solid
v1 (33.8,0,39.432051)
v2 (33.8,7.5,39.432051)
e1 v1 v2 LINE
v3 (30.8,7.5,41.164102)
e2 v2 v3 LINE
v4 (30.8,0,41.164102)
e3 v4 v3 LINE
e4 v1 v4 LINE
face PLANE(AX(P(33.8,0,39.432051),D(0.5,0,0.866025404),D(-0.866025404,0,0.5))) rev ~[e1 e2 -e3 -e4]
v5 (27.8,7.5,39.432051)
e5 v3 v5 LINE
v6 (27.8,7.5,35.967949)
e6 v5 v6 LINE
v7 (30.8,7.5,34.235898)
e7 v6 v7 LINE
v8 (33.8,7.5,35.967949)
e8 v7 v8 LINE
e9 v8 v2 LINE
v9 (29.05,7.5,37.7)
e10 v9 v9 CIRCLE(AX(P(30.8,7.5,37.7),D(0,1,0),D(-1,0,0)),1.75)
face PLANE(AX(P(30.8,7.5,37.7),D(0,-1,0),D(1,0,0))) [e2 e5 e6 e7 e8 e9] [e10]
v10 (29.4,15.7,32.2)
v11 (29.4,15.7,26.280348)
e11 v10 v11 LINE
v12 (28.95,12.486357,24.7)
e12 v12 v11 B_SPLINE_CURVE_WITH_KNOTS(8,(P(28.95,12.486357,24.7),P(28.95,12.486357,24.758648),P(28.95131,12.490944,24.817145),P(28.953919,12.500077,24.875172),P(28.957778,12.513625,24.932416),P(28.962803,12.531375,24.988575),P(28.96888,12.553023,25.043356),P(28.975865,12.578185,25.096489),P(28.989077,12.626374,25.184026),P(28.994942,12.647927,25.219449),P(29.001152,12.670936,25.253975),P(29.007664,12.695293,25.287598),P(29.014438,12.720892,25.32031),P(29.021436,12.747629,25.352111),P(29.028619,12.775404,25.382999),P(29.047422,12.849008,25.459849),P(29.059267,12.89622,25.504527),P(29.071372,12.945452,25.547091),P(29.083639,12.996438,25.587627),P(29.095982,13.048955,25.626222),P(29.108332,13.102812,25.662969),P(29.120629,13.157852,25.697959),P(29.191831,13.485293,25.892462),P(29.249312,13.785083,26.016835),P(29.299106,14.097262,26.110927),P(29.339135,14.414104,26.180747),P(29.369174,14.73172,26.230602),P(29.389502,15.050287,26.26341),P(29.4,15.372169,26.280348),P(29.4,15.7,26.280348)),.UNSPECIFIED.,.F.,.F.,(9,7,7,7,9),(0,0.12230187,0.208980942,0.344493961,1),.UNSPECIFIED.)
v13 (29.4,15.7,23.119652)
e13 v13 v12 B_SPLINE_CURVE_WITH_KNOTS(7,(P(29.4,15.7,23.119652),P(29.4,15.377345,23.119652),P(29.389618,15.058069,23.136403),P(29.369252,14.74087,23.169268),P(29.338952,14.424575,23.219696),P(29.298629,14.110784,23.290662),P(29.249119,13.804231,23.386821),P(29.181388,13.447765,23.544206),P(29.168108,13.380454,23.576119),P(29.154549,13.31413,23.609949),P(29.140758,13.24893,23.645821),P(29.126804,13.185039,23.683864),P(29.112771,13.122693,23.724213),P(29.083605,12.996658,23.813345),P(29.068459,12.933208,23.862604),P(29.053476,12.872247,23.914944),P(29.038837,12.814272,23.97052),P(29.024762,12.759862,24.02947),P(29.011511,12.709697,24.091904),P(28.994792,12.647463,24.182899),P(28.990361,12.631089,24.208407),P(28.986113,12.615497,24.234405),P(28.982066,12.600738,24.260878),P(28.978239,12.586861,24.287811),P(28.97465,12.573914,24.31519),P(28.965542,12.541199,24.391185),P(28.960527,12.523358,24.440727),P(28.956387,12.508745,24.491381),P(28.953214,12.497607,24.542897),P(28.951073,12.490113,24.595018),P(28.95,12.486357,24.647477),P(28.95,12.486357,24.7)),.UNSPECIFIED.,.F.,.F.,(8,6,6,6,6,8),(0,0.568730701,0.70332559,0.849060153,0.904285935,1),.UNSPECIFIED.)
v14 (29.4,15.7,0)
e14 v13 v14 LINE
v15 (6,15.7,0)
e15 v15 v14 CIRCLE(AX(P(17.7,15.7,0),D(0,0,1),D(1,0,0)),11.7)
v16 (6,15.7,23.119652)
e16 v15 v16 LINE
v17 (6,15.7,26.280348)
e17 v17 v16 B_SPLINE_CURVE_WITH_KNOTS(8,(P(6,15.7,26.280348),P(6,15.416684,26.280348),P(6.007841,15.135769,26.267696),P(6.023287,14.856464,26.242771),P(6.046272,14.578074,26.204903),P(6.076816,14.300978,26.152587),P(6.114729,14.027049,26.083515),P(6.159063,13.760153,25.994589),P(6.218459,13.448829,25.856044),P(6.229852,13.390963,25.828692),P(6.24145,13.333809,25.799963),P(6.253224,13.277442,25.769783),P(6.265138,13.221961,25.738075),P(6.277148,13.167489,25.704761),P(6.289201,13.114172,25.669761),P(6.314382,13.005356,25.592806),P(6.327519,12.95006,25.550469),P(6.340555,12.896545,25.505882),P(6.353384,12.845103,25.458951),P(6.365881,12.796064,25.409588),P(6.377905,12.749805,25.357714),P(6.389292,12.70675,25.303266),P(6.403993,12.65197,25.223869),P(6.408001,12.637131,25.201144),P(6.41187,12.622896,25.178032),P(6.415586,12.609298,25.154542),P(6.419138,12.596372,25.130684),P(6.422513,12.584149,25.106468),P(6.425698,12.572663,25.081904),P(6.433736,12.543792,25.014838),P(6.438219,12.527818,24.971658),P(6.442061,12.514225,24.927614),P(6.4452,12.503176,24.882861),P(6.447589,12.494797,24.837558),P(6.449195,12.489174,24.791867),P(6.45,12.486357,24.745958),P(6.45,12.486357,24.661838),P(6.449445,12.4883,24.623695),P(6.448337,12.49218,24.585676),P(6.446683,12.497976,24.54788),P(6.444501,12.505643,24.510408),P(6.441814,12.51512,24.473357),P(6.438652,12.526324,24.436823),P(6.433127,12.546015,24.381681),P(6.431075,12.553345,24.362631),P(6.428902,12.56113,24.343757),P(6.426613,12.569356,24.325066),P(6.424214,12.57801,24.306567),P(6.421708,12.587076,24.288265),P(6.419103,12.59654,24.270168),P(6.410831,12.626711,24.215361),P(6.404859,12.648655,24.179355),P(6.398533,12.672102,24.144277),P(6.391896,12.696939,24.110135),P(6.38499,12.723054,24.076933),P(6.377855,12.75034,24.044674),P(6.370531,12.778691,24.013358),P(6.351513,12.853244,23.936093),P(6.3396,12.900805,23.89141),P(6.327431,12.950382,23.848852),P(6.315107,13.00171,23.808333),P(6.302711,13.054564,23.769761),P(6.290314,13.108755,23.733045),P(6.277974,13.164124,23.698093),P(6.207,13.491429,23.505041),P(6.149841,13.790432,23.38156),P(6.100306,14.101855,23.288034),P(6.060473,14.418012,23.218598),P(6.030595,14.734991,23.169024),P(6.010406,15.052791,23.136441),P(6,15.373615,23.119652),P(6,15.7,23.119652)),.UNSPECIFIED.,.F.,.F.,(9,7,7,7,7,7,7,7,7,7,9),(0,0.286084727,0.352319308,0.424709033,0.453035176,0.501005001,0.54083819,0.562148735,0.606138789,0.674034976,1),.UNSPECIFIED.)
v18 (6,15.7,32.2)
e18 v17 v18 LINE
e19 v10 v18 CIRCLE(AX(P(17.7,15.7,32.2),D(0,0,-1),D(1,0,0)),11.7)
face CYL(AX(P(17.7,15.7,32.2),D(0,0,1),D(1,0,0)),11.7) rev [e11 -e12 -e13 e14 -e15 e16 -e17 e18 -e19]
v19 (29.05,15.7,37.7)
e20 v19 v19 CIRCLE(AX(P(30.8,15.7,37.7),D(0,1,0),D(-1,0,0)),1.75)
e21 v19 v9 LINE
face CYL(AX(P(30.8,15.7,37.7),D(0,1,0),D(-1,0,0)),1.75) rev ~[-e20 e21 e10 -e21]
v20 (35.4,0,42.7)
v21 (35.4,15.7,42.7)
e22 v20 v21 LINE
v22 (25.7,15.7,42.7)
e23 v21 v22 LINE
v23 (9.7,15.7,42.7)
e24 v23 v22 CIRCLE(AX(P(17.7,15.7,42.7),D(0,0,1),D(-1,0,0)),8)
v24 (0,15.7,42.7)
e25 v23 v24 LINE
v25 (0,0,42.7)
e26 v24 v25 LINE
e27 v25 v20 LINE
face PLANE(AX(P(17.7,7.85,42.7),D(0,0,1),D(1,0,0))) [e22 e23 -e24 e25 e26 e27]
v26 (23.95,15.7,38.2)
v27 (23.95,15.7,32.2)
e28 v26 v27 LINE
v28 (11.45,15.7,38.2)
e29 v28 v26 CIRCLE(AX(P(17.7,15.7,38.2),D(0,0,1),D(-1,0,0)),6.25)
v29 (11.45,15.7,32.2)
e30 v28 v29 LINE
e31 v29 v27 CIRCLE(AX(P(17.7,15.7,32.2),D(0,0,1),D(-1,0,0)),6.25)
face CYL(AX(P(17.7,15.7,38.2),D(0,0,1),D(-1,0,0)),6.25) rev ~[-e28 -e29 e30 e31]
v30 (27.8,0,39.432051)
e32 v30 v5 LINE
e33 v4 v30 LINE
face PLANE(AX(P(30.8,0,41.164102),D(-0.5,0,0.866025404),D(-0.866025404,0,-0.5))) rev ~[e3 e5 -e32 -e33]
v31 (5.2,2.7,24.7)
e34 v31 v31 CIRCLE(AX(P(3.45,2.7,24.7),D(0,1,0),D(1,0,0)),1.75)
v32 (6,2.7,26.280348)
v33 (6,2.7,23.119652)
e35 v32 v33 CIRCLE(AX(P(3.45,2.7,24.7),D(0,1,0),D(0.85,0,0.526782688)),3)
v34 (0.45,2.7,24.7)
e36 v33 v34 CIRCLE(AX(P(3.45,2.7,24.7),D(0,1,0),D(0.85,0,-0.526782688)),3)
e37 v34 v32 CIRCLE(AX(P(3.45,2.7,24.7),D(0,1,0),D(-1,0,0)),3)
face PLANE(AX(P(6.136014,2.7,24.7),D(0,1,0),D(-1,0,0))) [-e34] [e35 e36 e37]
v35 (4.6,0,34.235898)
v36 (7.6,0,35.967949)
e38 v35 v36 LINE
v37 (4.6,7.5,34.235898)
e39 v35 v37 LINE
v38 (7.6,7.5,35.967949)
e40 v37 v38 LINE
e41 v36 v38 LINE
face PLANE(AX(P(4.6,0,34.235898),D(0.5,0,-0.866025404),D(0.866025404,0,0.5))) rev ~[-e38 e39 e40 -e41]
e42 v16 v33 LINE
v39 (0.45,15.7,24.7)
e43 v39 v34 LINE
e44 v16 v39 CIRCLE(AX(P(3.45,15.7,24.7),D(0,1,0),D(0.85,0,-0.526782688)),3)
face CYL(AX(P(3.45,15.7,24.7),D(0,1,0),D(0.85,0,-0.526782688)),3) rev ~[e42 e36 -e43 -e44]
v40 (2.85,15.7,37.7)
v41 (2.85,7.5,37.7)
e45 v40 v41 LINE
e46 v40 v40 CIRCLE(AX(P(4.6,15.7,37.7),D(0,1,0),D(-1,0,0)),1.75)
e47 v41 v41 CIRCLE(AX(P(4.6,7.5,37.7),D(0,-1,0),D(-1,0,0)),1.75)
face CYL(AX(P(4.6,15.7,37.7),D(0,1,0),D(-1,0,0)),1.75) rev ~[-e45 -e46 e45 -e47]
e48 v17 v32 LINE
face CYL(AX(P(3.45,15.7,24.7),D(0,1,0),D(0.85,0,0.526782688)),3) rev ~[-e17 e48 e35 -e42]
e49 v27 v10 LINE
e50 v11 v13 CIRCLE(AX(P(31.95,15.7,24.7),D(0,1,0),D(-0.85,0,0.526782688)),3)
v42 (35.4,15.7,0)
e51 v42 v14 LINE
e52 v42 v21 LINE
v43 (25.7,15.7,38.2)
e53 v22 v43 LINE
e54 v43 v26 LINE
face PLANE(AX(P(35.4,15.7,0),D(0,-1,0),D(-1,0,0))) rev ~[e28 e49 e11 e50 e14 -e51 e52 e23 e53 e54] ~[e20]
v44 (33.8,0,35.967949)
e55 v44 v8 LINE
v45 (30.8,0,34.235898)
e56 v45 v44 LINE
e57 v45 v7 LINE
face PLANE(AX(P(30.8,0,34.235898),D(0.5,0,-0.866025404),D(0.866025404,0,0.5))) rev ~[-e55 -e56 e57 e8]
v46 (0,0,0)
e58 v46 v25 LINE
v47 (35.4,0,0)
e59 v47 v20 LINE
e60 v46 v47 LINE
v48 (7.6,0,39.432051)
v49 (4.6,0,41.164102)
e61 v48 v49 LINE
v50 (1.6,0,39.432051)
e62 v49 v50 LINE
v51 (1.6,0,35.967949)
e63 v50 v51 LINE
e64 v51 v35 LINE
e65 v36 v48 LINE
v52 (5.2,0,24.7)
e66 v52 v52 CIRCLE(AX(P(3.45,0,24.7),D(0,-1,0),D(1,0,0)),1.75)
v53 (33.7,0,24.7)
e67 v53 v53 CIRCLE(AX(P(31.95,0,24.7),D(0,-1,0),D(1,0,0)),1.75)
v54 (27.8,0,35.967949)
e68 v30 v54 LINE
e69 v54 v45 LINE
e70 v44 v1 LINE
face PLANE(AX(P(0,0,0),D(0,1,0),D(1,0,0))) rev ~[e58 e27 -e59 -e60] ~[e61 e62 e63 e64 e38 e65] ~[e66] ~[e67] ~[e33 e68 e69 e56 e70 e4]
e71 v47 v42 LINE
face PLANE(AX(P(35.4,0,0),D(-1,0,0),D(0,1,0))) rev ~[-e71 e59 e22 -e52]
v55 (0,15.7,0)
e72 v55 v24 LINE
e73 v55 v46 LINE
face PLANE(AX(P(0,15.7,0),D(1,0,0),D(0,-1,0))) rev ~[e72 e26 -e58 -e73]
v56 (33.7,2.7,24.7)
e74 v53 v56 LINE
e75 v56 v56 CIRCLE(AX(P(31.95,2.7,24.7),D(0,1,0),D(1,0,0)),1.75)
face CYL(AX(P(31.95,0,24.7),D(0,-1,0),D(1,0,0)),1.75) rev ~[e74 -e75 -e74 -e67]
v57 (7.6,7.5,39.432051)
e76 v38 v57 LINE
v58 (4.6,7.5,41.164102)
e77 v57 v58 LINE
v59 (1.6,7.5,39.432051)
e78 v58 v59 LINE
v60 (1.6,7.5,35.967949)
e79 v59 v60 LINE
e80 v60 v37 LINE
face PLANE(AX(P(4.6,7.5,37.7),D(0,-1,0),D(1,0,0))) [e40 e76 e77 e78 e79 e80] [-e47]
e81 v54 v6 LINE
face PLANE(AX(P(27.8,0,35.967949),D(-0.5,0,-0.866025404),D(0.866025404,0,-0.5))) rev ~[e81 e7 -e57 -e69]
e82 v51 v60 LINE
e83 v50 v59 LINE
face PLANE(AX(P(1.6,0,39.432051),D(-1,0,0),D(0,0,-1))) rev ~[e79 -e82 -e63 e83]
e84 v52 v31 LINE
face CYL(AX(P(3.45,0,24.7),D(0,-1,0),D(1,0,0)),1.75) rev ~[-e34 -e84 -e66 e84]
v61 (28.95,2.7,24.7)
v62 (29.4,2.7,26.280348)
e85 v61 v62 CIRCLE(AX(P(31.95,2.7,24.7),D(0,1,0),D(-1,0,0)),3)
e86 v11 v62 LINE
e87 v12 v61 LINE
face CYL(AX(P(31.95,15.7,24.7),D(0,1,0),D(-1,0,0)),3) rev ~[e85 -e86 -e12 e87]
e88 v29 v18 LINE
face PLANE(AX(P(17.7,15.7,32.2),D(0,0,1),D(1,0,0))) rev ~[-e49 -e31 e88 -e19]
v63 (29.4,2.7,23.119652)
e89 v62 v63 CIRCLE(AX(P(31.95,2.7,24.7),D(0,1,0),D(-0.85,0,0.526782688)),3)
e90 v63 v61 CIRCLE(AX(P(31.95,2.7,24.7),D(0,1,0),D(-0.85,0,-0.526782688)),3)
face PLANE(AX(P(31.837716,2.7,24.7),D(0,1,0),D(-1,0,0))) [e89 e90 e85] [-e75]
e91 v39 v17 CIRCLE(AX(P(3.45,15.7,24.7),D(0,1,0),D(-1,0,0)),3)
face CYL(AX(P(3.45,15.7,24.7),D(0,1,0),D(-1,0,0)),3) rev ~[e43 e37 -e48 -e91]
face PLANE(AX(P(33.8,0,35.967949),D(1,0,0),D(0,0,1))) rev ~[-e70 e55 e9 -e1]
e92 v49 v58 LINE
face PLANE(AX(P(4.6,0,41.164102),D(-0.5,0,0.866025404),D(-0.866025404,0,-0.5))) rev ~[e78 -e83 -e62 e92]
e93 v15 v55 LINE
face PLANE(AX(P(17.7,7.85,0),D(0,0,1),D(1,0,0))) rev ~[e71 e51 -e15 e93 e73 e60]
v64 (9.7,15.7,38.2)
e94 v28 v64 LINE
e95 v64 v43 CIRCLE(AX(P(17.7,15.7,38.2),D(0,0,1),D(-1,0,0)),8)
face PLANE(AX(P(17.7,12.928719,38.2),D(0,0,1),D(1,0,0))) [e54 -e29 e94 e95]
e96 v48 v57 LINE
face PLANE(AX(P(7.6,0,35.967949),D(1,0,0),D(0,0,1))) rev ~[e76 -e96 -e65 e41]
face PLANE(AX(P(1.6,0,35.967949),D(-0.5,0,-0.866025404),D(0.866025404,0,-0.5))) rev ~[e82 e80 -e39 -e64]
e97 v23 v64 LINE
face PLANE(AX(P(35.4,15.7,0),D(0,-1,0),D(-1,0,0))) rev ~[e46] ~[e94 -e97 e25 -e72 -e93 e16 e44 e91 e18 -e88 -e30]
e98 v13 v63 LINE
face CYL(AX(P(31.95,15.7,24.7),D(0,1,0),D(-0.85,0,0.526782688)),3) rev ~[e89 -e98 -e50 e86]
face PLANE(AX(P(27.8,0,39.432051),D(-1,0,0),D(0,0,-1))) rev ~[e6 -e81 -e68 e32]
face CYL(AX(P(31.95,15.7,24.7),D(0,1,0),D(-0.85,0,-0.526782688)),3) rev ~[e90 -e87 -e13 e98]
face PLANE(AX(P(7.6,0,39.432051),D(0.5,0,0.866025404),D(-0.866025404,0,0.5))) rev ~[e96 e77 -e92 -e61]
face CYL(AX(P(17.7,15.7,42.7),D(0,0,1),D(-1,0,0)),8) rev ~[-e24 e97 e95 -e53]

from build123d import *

# Parameters (mm, degrees)
F1_DEPTH  = 42.7
F3_DEPTH  = 4.5
F5_DEPTH  = 6
F6_R      = 8
F7_DEPTH  = 50
F8_R      = 11.7
F9_DEPTH  = 40
F10_R     = 1.75
F11_DEPTH = 25
F12_R     = 1.75
F13_DEPTH = 13
F14_R     = 1.75
F15_DEPTH = 13
F16_R     = 1.75
F17_DEPTH = 25
F18_R     = 1.75
F19_DEPTH = 7.5


with BuildPart() as f1:
    # F0 (on Top) → F1 (new body)
    with BuildSketch(Plane.XY):
        Polygon((0, 15.7), (0, 0), (35.4, 0), (35.4, 15.7), (23.2, 15.7), (7.2, 15.7), align=None)
    extrude(amount=F1_DEPTH)

    # F2 (on face) → F3 (cut)
    with BuildSketch(Plane.XY.offset(42.7)):
        with BuildLine():
            ThreePointArc((9.7, 15.7), (17.7, 7.7), (25.7, 15.7))
            Line((25.7, 15.7), (9.7, 15.7))
        make_face()
    extrude(amount=-F3_DEPTH, mode=Mode.SUBTRACT)

    # F4 (on face) → F5 (cut)
    with BuildSketch(Plane.XY.offset(38.2)):
        with BuildLine():
            ThreePointArc((11.45, 15.7), (17.7, 9.45), (23.95, 15.7))
            Line((23.95, 15.7), (11.45, 15.7))
        make_face()
    extrude(amount=-F5_DEPTH, mode=Mode.SUBTRACT)

    # F6 (on face) → F7 (cut)
    with BuildSketch(Plane.XY.offset(32.2)):
        with Locations((17.7, 15.7)):
            Circle(F6_R)
    extrude(amount=-F7_DEPTH, mode=Mode.SUBTRACT)

    # F8 (on face) → F9 (cut)
    with BuildSketch(Plane(origin=(0, 0, 32.2), x_dir=(1, 0, 0), z_dir=(0, 0, -1))):
        with Locations((17.7, -15.7)):
            Circle(F8_R)
    extrude(amount=F9_DEPTH, mode=Mode.SUBTRACT)

    # F10 (on face) → F11 (cut)
    with BuildSketch(Plane.XZ):
        with Locations((3.45, 24.7)):
            Circle(F10_R)
        with Locations((31.95, 24.7)):
            Circle(F10_R)
    extrude(amount=-F11_DEPTH, mode=Mode.SUBTRACT)

    # F12 (on face) → F13 (cut)
    with BuildSketch(Plane(origin=(0, 15.7, 0), x_dir=(-1, 0, 0), z_dir=(0, 1, 0))):
        with BuildLine():
            Line((-29.4, 23.1196519371), (-29.4, 26.2803480629))
            ThreePointArc((-29.4, 26.2803480629), (-34.95, 24.7), (-29.4, 23.1196519371))
        make_face()
        with Locations((-31.95, 24.7)):
            Circle(F12_R, mode=Mode.SUBTRACT)
        with BuildLine():
            ThreePointArc((-29.4, 23.1196519371), (-29.0646923907, 23.8784161637), (-28.95, 24.7))
            ThreePointArc((-28.95, 24.7), (-29.0646923907, 25.5215838363), (-29.4, 26.2803480629))
            Line((-29.4, 26.2803480629), (-29.4, 23.1196519371))
        make_face()
    extrude(amount=-F13_DEPTH, mode=Mode.SUBTRACT)

    # F14 (on face) → F15 (cut)
    with BuildSketch(Plane(origin=(0, 15.7, 0), x_dir=(-1, 0, 0), z_dir=(0, 1, 0))):
        with BuildLine():
            Line((-6, 23.1196519371), (-6, 26.2803480629))
            ThreePointArc((-6, 26.2803480629), (-6.45, 24.7), (-6, 23.1196519371))
        make_face()
        with BuildLine():
            ThreePointArc((-6, 23.1196519371), (-2.6284161637, 21.8146923907), (-0.45, 24.7))
            ThreePointArc((-0.45, 24.7), (-2.6284161637, 27.5853076093), (-6, 26.2803480629))
            Line((-6, 26.2803480629), (-6, 23.1196519371))
        make_face()
        with Locations((-3.45, 24.7)):
            Circle(F14_R, mode=Mode.SUBTRACT)
    extrude(amount=-F15_DEPTH, mode=Mode.SUBTRACT)

    # F16 (on face) → F17 (cut)
    with BuildSketch(Plane(origin=(0, 15.7, 0), x_dir=(-1, 0, 0), z_dir=(0, 1, 0))):
        with Locations((-30.8, 37.7)):
            Circle(F16_R)
        with Locations((-4.6, 37.7)):
            Circle(F16_R)
    extrude(amount=-F17_DEPTH, mode=Mode.SUBTRACT)

    # F18 (on face) → F19 (cut)
    with BuildSketch(Plane.XZ):
        Polygon((7.6, 35.9679491924), (7.6, 39.4320508076), (4.6, 41.1641016151), (1.6, 39.4320508076), (1.6, 35.9679491924), (4.6, 34.2358983849), align=None)
        with Locations((4.6, 37.7)):
            Circle(F18_R, mode=Mode.SUBTRACT)
        Polygon((27.8, 39.4320508076), (27.8, 35.9679491924), (30.8, 34.2358983849), (33.8, 35.9679491924), (33.8, 39.4320508076), (30.8, 41.1641016151), align=None)
        with Locations((30.8, 37.7)):
            Circle(F18_R, mode=Mode.SUBTRACT)
    extrude(amount=-F19_DEPTH, mode=Mode.SUBTRACT)


solid = f1.part
